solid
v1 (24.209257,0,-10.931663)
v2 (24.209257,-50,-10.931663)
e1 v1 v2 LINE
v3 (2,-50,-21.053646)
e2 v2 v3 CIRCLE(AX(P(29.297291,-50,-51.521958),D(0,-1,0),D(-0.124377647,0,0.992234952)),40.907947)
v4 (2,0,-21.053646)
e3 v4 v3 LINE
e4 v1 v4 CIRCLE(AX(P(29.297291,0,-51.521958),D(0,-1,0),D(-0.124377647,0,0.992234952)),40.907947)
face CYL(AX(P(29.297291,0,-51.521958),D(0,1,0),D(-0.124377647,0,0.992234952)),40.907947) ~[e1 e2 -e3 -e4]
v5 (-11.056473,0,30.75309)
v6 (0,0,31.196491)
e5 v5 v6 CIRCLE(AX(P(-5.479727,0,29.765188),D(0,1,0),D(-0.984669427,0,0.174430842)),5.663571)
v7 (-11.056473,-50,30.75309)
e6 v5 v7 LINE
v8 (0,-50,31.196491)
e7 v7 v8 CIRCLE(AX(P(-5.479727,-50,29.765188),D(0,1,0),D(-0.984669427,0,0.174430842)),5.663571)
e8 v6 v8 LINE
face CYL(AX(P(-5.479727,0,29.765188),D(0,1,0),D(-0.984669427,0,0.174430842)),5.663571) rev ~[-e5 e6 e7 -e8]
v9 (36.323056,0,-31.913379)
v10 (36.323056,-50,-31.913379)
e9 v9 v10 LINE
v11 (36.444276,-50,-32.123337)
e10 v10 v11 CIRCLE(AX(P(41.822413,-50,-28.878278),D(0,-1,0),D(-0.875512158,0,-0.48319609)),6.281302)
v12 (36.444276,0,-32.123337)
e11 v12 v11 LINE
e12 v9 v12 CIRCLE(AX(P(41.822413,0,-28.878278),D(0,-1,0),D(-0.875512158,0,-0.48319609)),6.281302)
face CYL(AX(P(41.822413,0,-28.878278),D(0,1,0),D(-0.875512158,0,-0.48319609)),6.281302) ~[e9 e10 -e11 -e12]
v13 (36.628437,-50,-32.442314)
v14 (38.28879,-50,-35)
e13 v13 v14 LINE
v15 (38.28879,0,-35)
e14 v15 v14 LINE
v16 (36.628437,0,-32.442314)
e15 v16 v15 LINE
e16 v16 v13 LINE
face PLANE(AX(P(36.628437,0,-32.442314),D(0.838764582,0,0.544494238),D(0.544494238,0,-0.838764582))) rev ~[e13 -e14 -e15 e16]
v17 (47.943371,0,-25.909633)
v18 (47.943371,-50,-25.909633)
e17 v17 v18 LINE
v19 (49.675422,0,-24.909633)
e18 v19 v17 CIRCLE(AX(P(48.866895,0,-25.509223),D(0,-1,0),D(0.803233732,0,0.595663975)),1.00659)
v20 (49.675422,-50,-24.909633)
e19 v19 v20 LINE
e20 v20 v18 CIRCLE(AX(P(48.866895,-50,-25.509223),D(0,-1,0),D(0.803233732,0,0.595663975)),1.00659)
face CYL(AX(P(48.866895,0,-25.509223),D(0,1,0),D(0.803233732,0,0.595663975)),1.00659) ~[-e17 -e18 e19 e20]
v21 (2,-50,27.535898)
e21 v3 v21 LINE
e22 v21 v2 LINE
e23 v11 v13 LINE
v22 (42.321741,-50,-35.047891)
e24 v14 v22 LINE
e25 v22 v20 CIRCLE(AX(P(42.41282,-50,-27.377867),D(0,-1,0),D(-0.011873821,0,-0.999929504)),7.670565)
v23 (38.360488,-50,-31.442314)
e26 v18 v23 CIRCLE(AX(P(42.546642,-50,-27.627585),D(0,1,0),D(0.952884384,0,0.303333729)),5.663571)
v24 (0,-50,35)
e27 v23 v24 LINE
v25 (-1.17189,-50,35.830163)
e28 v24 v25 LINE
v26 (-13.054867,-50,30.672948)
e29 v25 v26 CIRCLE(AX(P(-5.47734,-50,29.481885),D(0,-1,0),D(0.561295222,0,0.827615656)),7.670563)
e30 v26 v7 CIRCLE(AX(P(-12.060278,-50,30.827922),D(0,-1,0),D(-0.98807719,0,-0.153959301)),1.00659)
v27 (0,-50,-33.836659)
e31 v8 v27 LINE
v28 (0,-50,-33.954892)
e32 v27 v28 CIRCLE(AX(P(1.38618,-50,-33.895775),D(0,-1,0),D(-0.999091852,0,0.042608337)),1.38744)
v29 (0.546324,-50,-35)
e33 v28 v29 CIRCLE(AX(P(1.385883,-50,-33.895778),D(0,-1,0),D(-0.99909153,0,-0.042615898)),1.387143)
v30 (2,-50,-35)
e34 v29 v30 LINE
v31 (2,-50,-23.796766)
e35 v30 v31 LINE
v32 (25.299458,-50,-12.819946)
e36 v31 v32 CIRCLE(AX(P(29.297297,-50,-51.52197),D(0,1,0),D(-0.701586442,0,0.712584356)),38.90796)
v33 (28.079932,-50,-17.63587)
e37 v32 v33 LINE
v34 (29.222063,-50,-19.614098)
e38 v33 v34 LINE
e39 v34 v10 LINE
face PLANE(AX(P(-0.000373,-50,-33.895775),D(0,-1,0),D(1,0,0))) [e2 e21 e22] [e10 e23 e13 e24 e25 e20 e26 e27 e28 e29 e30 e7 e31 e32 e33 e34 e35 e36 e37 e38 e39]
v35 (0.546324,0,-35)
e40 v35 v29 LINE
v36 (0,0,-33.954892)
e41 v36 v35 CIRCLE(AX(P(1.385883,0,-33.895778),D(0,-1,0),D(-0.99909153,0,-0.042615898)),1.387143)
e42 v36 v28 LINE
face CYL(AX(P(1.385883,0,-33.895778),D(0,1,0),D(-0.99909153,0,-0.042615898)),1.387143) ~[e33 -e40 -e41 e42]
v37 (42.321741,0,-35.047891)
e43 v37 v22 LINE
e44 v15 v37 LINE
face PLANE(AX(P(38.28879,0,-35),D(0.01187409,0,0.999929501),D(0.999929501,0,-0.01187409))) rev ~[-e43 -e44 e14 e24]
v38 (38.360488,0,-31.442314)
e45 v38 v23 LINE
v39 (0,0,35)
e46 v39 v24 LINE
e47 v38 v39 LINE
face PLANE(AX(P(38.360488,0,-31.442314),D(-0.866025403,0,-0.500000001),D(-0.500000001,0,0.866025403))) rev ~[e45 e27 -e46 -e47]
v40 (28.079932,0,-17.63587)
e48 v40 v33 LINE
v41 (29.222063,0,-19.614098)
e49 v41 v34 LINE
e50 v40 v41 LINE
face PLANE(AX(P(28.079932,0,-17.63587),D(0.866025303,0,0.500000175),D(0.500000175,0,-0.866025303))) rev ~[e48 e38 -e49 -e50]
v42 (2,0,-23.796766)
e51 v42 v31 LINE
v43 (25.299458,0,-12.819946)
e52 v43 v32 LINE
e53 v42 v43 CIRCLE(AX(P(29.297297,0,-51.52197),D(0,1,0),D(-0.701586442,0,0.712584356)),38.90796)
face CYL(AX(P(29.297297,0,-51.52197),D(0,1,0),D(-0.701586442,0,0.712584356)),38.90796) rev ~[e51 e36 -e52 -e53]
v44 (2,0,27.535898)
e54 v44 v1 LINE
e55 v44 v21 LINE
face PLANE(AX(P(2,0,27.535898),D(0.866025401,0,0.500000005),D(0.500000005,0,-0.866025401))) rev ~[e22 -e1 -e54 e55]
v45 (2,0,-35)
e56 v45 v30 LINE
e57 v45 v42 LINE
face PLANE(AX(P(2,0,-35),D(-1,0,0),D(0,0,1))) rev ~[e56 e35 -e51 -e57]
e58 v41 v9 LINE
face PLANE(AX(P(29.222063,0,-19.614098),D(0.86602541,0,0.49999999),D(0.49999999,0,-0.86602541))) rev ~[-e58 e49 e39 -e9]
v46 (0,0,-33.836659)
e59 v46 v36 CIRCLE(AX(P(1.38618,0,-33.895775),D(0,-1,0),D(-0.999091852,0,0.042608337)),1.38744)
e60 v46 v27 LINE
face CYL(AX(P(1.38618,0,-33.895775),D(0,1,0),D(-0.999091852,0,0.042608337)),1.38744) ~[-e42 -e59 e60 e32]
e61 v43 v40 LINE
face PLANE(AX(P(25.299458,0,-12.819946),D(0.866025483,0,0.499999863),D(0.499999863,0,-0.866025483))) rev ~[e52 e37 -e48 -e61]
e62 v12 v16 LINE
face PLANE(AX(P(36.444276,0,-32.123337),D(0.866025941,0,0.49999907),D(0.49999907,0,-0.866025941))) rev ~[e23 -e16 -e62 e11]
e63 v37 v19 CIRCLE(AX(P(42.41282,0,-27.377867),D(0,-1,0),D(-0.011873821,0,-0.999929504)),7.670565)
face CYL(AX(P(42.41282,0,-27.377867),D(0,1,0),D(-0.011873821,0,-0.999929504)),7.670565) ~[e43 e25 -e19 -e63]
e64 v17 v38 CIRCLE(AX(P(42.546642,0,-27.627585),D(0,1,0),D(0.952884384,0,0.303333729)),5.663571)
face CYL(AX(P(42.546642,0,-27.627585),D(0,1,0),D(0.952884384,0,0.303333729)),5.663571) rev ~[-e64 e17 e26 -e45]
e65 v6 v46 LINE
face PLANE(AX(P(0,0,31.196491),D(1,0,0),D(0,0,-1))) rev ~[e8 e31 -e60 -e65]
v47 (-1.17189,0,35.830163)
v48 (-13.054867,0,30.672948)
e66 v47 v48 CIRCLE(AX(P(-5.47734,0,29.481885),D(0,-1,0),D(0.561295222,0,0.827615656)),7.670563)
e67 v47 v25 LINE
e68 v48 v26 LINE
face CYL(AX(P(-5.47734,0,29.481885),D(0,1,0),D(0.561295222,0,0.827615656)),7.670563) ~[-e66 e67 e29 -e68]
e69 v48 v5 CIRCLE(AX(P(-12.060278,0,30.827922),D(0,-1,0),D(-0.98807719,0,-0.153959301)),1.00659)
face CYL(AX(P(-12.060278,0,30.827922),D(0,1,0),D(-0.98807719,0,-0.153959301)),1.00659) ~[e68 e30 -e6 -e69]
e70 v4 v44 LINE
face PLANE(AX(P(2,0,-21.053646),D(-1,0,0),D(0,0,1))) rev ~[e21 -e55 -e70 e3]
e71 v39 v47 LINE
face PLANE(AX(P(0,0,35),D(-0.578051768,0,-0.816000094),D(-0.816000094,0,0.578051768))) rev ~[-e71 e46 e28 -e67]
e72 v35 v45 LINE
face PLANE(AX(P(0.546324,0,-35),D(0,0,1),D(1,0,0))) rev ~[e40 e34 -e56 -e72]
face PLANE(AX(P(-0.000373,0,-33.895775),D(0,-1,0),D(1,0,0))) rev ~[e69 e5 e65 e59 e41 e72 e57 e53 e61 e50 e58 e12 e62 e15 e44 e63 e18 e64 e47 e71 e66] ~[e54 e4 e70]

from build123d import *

# Parameters (mm, degrees)
F1_DEPTH = 50


with BuildPart() as f1:
    # F0 (on Front) → F1 (new body)
    with BuildSketch(Plane.XZ):
        with BuildLine():
            Line((0, -33.954892), (0, -33.836659))
            ThreePointArc((0, -33.836659), (-0.00126, -33.895775), (0, -33.954892))
        make_face()
        with BuildLine():
            ThreePointArc((49.675422, -24.909633), (48.363599, -24.63749), (47.943371, -25.909633))
            Line((47.943371, -25.909633), (49.675422, -24.909633))
        make_face()
        with BuildLine():
            ThreePointArc((-11.056473, 30.75309), (-5.706673, 35.424211), (0, 31.196491))
            Line((0, 31.196491), (0, -33.836659))
            Line((0, -33.836659), (0, -33.954892))
            ThreePointArc((0, -33.954892), (0.15657, -34.538394), (0.546324, -35))
            Line((0.546324, -35), (2, -35))
            Line((2, -35), (2, -31.407117))
            Line((2, -31.407117), (2, -23.796766))
            Line((2, -23.796766), (2, -21.053646))
            Line((2, -21.053646), (2, 27.535898))
            Line((2, 27.535898), (24.209257, -10.931663))
            Line((24.209257, -10.931663), (25.299458, -12.819946))
            Line((25.299458, -12.819946), (28.079932, -17.63587))
            Line((28.079932, -17.63587), (29.222063, -19.614098))
            Line((29.222063, -19.614098), (36.323056, -31.913379))
            ThreePointArc((36.323056, -31.913379), (36.382653, -32.018943), (36.444276, -32.123337))
            Line((36.444276, -32.123337), (36.628437, -32.442314))
            Line((36.628437, -32.442314), (38.28879, -35))
            Line((38.28879, -35), (42.321741, -35.047891))
            ThreePointArc((42.321741, -35.047891), (48.621987, -31.881622), (49.675422, -24.909633))
            Line((49.675422, -24.909633), (47.943371, -25.909633))
            ThreePointArc((47.943371, -25.909633), (45.378428, -32.532382), (38.360488, -31.442314))
            Line((38.360488, -31.442314), (0, 35))
            Line((0, 35), (-1.17189, 35.830163))
            ThreePointArc((-1.17189, 35.830163), (-8.531164, 36.51834), (-13.054867, 30.672948))
            ThreePointArc((-13.054867, 30.672948), (-12.019943, 29.82214), (-11.056473, 30.75309))
        make_face()
        with BuildLine():
            Line((2, -21.053646), (2, -23.796766))
            ThreePointArc((2, -23.796766), (12.715107, -16.324522), (25.299458, -12.819946))
            Line((25.299458, -12.819946), (24.209257, -10.931663))
            ThreePointArc((24.209257, -10.931663), (12.332152, -14.297716), (2, -21.053646))
        make_face()
    extrude(amount=F1_DEPTH)


solid = f1.part
